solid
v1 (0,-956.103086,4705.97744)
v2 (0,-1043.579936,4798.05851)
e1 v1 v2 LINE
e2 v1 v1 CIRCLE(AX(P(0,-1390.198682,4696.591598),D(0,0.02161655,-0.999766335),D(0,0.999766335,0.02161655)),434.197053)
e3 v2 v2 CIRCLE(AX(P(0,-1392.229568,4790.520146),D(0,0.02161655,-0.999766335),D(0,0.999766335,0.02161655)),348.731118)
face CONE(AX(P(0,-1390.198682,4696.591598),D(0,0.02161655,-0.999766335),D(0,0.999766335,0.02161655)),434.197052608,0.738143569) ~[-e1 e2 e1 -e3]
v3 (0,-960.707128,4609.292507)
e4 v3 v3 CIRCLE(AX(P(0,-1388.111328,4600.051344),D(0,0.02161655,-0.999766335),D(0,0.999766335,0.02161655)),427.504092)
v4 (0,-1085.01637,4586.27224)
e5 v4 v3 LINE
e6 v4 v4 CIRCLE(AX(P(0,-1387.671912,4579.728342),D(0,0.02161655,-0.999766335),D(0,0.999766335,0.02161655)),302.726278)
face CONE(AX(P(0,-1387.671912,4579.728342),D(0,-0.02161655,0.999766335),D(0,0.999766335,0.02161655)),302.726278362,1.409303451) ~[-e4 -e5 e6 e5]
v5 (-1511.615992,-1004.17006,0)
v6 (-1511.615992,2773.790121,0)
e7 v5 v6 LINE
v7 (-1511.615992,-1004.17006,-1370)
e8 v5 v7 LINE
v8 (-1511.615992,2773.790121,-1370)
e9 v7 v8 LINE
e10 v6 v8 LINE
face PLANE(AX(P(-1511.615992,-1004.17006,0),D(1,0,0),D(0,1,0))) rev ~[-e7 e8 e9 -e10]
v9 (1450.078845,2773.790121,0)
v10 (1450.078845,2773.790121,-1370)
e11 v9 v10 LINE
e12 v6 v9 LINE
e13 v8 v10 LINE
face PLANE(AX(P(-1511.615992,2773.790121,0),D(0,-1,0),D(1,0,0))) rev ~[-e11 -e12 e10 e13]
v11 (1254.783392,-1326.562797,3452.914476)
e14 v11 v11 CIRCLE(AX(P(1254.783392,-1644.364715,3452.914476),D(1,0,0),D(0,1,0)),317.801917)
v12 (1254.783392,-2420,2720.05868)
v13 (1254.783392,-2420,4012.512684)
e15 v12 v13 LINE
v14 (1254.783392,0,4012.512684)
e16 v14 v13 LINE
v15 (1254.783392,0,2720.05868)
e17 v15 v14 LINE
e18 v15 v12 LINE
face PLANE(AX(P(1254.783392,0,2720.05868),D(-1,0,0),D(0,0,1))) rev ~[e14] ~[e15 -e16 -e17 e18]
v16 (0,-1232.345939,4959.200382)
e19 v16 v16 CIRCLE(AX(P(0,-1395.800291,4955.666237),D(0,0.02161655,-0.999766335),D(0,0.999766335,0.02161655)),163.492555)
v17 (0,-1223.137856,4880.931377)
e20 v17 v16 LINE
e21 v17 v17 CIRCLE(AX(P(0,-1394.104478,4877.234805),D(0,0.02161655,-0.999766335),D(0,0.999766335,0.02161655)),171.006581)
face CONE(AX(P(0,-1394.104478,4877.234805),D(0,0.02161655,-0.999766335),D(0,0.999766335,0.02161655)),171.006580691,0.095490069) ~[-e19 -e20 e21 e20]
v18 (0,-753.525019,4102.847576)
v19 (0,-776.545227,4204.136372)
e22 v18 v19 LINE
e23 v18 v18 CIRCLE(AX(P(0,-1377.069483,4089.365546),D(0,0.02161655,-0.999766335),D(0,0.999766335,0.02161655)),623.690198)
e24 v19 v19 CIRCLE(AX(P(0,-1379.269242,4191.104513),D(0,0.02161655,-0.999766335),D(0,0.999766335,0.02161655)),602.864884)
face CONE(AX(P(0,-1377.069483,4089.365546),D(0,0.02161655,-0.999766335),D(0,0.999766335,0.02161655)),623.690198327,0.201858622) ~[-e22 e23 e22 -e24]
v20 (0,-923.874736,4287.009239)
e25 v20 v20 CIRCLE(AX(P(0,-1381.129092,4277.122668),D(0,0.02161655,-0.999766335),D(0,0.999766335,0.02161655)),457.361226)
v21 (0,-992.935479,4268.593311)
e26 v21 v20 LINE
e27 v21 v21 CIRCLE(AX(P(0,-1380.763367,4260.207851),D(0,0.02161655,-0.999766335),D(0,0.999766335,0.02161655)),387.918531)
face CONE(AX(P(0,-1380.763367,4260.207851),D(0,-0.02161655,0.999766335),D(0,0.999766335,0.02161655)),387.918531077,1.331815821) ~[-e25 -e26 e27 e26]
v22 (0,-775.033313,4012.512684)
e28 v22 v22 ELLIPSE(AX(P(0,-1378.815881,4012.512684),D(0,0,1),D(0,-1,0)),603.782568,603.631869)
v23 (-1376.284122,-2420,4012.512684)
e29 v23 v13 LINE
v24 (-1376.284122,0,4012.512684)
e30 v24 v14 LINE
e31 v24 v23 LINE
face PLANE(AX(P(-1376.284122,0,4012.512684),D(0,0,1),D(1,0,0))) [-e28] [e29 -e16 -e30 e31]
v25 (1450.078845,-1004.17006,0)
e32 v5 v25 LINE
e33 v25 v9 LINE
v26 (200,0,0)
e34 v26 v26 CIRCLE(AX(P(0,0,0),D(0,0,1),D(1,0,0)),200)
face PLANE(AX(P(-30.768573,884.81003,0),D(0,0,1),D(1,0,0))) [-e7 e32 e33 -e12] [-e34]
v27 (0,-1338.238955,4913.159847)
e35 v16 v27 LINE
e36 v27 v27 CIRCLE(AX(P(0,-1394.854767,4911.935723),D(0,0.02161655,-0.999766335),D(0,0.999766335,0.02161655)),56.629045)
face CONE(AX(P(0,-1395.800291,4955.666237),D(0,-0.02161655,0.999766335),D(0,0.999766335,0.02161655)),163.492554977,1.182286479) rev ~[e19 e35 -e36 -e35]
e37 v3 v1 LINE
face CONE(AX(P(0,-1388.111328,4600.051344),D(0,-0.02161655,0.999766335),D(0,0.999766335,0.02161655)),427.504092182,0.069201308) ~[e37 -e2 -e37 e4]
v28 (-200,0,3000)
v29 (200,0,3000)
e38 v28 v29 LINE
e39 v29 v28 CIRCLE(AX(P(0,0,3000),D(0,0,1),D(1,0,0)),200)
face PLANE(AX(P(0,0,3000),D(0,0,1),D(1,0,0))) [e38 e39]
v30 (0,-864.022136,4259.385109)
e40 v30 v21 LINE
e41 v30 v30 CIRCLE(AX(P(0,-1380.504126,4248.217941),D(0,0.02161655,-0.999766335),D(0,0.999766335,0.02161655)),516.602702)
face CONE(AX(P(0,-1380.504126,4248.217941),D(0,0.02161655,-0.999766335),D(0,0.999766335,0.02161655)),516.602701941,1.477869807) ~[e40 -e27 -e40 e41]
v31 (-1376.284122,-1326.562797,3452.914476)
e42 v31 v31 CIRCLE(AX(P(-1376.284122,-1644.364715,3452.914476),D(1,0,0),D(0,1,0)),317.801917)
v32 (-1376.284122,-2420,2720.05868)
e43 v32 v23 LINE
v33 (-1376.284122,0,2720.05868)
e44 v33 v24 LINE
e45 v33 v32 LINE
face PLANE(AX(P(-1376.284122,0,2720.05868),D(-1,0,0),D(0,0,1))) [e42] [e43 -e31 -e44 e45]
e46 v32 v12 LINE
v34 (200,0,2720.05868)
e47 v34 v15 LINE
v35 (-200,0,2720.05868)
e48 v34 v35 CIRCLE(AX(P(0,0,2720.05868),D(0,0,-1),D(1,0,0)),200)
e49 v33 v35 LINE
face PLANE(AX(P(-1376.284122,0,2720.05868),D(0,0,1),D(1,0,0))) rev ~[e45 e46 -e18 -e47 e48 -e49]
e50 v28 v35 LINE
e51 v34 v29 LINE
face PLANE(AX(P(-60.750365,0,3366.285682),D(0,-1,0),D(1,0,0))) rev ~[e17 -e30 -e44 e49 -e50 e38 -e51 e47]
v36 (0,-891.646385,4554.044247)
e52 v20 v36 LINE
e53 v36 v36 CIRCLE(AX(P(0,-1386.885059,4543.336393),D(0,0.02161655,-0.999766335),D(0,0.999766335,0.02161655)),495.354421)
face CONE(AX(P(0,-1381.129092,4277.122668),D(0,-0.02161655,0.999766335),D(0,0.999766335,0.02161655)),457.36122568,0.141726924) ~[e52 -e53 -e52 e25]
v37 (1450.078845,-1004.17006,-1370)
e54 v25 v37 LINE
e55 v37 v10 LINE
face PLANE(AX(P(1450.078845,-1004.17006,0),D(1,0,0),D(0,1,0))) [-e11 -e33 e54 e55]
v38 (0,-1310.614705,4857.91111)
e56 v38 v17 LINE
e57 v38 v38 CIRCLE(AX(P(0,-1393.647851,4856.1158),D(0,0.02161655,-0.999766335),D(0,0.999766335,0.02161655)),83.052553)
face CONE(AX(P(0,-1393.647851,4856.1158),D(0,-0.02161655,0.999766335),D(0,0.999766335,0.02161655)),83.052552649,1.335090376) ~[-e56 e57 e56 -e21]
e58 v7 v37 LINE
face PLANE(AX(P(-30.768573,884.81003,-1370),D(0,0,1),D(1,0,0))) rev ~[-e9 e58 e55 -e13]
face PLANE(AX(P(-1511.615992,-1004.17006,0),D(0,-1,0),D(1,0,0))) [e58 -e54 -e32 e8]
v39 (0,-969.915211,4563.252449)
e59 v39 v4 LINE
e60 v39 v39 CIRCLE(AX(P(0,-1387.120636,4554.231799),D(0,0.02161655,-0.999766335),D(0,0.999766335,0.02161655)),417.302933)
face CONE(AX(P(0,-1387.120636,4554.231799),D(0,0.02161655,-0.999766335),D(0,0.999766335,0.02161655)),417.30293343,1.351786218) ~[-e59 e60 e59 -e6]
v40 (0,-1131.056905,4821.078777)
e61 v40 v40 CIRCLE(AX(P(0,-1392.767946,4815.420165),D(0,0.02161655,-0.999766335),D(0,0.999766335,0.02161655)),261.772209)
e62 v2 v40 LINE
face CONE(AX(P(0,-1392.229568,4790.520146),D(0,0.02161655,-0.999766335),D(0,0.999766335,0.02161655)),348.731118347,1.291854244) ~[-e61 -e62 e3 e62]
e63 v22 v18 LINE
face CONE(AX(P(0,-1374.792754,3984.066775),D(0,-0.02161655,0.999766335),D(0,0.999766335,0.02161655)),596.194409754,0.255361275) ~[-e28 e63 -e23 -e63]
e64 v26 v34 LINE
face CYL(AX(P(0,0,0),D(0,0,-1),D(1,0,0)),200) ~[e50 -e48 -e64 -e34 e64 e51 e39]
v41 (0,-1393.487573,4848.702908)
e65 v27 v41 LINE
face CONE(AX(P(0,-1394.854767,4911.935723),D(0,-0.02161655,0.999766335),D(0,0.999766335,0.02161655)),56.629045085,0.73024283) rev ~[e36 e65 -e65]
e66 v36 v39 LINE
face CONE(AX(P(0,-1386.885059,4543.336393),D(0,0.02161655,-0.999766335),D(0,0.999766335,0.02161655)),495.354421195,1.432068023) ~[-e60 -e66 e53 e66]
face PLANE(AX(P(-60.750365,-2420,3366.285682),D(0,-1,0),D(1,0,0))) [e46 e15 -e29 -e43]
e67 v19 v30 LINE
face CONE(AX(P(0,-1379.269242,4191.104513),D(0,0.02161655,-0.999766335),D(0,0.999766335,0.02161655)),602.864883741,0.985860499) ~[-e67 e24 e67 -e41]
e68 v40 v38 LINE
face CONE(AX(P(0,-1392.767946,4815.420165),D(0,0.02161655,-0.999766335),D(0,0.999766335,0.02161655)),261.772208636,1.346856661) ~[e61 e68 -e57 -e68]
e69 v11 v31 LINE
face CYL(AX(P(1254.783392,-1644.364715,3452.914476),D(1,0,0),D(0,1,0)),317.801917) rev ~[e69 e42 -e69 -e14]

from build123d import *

# Parameters (mm, degrees)
F0_R     = 200
F1_DEPTH = 3000
F2_W     = 2631.0675144196
F2_H     = 1292.4540042877
F3_DEPTH = 2420
F4_W     = 2961.6948366165
F4_H     = 3777.9601812363
F5_DEPTH = 1370
F6_R     = 317.8019173966
F7_DEPTH = 3360


with BuildPart() as f1:
    # F0 (on Top) → F1 (new body)
    with BuildSketch(Plane.XY):
        Circle(F0_R)
    extrude(amount=F1_DEPTH)

    # F2 (on Front) → F3 (join)
    with BuildSketch(Plane.XZ):
        with Locations((-60.7503652573, 3366.2856817245)):
            Rectangle(F2_W, F2_H)
    extrude(amount=F3_DEPTH)

    # F4 (on Top) → F5 (join)
    with BuildSketch(Plane.XY):
        with Locations((-30.7685732841, 884.8100304604)):
            Rectangle(F4_W, F4_H)
    extrude(amount=-F5_DEPTH)

    # F6 (on face) → F7 (cut)
    with BuildSketch(Plane.YZ.offset(1254.7833919525)):
        with Locations((-1644.3647146225, 3452.9144763947)):
            Circle(F6_R)
    extrude(amount=-F7_DEPTH, mode=Mode.SUBTRACT)

    # F8 (on Right) → F9 (revolve)
    with BuildSketch(Plane.YZ):
        Polygon((-1393.48757267, 4848.7029075623), (-1375.0714063644, 3996.9544410706), (-778.7376543562, 3996.9544410706), (-753.525018692, 4102.8475761414), (-776.5452265739, 4204.1363716125), (-864.0221357346, 4259.3851089478), (-992.9354786873, 4268.5933113098), (-923.8747358322, 4287.0092391968), (-891.6463851929, 4554.0442466736), (-969.9152112007, 4563.2524490356), (-1085.0163698196, 4586.2722396851), (-960.7071280479, 4609.2925071716), (-956.1030864716, 4705.9774398804), (-1043.5799360275, 4798.0585098267), (-1131.0569047928, 4821.0787773132), (-1310.6147050858, 4857.9111099243), (-1223.1378555298, 4880.9313774109), (-1232.3459386826, 4959.2003822327), (-1338.2389545441, 4913.1598472595), align=None)
    revolve(axis=Axis((0, -1384.2794895172, 4422.8286743164), (0, 0.0216165497, -0.9997663351)))


solid = f1.part
